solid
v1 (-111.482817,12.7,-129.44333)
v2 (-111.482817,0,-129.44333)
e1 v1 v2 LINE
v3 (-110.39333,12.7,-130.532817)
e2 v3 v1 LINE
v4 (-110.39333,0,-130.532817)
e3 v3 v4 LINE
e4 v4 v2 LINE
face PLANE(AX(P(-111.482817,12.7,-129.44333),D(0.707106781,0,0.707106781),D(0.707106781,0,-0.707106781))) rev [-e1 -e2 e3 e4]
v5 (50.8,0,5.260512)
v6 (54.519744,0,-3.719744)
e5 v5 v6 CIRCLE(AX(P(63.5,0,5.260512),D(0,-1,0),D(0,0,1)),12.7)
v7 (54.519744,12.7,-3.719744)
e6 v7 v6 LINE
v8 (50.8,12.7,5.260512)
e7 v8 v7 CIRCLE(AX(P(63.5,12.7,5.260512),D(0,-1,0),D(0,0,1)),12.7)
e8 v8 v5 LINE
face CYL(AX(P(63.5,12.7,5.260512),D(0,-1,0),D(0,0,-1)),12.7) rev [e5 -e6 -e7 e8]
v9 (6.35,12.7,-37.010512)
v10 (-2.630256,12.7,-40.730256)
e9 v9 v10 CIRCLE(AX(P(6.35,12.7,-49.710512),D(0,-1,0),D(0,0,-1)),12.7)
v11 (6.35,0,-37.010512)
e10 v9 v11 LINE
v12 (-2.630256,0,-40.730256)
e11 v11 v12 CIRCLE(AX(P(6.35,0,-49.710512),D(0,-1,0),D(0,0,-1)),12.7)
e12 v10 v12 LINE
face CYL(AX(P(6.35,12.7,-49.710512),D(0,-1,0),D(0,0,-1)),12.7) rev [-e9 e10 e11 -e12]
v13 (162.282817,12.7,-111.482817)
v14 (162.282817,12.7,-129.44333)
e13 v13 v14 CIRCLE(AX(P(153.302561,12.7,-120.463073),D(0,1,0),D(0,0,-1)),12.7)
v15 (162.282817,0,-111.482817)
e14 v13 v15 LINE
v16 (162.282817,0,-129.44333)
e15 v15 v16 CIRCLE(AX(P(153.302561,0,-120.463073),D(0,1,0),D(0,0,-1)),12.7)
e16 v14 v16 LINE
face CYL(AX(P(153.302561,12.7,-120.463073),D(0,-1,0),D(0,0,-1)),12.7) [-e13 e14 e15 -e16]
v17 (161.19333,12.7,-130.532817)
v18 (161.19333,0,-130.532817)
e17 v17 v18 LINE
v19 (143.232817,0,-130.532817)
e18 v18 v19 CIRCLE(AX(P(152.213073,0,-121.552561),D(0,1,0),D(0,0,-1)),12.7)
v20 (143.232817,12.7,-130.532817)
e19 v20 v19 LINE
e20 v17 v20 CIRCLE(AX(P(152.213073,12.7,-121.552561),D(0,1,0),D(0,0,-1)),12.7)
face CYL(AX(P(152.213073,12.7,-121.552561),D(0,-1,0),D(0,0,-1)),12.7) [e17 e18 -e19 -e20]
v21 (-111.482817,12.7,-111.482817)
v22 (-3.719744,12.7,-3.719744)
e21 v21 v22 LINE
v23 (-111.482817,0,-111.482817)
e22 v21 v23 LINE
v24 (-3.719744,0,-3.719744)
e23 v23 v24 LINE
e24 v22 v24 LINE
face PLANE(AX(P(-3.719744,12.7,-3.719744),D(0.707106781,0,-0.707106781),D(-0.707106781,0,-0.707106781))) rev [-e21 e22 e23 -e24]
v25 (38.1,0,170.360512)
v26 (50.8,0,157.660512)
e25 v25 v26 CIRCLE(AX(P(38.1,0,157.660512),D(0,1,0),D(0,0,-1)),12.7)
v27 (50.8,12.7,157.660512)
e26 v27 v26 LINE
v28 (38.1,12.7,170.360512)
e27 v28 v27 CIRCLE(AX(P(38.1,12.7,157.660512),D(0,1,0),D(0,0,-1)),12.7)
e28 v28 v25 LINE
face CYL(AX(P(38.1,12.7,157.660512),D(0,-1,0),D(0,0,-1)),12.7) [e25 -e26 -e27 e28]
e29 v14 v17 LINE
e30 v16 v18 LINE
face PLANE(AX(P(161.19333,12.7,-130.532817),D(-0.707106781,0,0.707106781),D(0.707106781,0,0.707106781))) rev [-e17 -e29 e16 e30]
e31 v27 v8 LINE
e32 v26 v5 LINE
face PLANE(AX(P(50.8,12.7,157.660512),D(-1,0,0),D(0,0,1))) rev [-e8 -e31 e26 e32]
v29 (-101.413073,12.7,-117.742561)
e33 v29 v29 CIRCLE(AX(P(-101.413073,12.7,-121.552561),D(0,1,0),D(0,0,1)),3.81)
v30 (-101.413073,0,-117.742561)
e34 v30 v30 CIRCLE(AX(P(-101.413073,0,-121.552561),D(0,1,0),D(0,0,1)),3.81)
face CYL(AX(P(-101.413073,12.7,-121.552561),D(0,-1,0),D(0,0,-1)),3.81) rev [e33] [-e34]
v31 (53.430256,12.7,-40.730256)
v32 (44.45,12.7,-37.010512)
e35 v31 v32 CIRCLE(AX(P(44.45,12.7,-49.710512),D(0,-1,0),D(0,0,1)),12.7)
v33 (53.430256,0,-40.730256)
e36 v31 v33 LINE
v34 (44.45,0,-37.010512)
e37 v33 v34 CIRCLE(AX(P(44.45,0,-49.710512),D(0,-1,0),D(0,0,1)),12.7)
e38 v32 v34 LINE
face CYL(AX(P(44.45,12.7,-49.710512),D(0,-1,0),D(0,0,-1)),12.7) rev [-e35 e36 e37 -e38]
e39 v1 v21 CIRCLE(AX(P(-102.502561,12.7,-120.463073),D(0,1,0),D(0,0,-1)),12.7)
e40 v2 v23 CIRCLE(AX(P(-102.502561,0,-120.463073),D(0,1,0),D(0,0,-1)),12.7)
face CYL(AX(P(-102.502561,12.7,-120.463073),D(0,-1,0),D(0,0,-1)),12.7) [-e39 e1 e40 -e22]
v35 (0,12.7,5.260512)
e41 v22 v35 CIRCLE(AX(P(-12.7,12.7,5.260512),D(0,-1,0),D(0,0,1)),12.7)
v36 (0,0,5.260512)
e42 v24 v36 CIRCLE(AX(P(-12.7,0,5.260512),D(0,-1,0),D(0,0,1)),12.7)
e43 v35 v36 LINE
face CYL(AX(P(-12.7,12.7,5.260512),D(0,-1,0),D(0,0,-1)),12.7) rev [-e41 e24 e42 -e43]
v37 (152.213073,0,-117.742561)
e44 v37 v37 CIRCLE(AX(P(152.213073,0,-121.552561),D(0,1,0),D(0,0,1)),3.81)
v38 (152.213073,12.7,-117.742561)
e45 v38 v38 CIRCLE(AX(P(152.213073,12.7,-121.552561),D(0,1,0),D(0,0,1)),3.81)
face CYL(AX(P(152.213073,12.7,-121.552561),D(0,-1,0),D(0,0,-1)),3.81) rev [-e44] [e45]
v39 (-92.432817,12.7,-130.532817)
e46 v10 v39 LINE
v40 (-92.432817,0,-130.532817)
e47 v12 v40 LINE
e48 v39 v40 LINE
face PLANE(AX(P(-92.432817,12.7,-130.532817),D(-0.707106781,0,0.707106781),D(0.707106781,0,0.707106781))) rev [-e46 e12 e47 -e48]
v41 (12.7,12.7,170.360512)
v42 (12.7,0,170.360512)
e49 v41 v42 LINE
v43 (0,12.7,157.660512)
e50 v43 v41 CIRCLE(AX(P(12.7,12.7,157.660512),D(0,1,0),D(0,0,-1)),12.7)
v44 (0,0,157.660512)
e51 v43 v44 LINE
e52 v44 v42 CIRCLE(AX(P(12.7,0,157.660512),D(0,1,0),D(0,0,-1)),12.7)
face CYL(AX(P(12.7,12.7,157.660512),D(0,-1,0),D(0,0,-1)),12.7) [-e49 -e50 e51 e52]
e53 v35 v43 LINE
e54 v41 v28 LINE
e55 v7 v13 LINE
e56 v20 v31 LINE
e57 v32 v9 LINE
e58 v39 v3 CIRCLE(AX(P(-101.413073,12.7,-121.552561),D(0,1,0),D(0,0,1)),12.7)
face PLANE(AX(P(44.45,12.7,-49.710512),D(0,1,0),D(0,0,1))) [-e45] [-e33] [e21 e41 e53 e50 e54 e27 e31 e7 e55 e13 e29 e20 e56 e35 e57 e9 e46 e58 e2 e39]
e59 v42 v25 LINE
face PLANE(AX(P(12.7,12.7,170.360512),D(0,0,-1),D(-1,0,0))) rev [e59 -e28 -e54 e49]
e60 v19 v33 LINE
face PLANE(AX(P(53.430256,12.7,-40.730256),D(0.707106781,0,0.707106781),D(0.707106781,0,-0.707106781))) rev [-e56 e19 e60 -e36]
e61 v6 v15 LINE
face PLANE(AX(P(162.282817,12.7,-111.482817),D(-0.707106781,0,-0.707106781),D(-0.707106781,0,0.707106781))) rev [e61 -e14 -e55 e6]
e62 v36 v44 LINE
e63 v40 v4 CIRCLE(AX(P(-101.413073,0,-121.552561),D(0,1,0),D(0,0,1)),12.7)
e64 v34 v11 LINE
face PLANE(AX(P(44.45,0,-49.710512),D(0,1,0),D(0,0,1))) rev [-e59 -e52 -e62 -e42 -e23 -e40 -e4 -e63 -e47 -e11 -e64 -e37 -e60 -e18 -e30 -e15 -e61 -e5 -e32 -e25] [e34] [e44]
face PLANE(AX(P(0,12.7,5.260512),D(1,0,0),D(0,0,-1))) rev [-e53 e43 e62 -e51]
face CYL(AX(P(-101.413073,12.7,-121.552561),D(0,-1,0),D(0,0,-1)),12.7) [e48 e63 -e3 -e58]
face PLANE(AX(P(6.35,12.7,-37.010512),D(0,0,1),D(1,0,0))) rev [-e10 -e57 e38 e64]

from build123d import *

# Parameters (mm, degrees)
SKETCH1_R           = 3.81
BOSS_EXTRUDE1_DEPTH = 12.7


with BuildPart() as part:
    # Sketch1 → Boss-Extrude1 (new body)
    with BuildSketch(Plane(origin=(0, 0, 0), x_dir=(1, 0, 0), z_dir=(0, 1, 0))):
        with BuildLine():
            Line((-3.719743879, 3.719743879), (-111.482817332, 111.482817332))
            ThreePointArc((-111.482817332, 111.482817332), (-115.202561211, 120.463073453), (-111.482817332, 129.443329574))
            Line((-111.482817332, 129.443329574), (-110.393329574, 130.532817332))
            ThreePointArc((-110.393329574, 130.532817332), (-101.413073453, 134.252561211), (-92.432817332, 130.532817332))
            Line((-92.432817332, 130.532817332), (-2.630256121, 40.730256121))
            ThreePointArc((-2.630256121, 40.730256121), (1.489920409, 37.977242179), (6.35, 37.010512242))
            Line((6.35, 37.010512242), (44.45, 37.010512242))
            ThreePointArc((44.45, 37.010512242), (49.310079591, 37.977242179), (53.430256121, 40.730256121))
            Line((53.430256121, 40.730256121), (143.232817332, 130.532817332))
            ThreePointArc((143.232817332, 130.532817332), (152.213073453, 134.252561211), (161.193329574, 130.532817332))
            Line((161.193329574, 130.532817332), (162.282817332, 129.443329574))
            ThreePointArc((162.282817332, 129.443329574), (166.002561211, 120.463073453), (162.282817332, 111.482817332))
            Line((162.282817332, 111.482817332), (54.519743879, 3.719743879))
            ThreePointArc((54.519743879, 3.719743879), (51.766729937, -0.400432651), (50.8, -5.260512242))
            Line((50.8, -5.260512242), (50.8, -157.660512242))
            ThreePointArc((50.8, -157.660512242), (47.080256121, -166.640768363), (38.1, -170.360512242))
            Line((38.1, -170.360512242), (12.7, -170.360512242))
            ThreePointArc((12.7, -170.360512242), (3.719743879, -166.640768363), (0, -157.660512242))
            Line((0, -157.660512242), (0, -5.260512242))
            ThreePointArc((0, -5.260512242), (-0.966729937, -0.400432651), (-3.719743879, 3.719743879))
        make_face()
        with Locations(Location((152.213073453, 121.552561211, 0), (0, 0, 270))):
            Circle(SKETCH1_R, mode=Mode.SUBTRACT)
        with Locations(Location((-101.413073453, 121.552561211, 0), (0, 0, 270))):
            Circle(SKETCH1_R, mode=Mode.SUBTRACT)
    extrude(amount=BOSS_EXTRUDE1_DEPTH)


solid = part.part
